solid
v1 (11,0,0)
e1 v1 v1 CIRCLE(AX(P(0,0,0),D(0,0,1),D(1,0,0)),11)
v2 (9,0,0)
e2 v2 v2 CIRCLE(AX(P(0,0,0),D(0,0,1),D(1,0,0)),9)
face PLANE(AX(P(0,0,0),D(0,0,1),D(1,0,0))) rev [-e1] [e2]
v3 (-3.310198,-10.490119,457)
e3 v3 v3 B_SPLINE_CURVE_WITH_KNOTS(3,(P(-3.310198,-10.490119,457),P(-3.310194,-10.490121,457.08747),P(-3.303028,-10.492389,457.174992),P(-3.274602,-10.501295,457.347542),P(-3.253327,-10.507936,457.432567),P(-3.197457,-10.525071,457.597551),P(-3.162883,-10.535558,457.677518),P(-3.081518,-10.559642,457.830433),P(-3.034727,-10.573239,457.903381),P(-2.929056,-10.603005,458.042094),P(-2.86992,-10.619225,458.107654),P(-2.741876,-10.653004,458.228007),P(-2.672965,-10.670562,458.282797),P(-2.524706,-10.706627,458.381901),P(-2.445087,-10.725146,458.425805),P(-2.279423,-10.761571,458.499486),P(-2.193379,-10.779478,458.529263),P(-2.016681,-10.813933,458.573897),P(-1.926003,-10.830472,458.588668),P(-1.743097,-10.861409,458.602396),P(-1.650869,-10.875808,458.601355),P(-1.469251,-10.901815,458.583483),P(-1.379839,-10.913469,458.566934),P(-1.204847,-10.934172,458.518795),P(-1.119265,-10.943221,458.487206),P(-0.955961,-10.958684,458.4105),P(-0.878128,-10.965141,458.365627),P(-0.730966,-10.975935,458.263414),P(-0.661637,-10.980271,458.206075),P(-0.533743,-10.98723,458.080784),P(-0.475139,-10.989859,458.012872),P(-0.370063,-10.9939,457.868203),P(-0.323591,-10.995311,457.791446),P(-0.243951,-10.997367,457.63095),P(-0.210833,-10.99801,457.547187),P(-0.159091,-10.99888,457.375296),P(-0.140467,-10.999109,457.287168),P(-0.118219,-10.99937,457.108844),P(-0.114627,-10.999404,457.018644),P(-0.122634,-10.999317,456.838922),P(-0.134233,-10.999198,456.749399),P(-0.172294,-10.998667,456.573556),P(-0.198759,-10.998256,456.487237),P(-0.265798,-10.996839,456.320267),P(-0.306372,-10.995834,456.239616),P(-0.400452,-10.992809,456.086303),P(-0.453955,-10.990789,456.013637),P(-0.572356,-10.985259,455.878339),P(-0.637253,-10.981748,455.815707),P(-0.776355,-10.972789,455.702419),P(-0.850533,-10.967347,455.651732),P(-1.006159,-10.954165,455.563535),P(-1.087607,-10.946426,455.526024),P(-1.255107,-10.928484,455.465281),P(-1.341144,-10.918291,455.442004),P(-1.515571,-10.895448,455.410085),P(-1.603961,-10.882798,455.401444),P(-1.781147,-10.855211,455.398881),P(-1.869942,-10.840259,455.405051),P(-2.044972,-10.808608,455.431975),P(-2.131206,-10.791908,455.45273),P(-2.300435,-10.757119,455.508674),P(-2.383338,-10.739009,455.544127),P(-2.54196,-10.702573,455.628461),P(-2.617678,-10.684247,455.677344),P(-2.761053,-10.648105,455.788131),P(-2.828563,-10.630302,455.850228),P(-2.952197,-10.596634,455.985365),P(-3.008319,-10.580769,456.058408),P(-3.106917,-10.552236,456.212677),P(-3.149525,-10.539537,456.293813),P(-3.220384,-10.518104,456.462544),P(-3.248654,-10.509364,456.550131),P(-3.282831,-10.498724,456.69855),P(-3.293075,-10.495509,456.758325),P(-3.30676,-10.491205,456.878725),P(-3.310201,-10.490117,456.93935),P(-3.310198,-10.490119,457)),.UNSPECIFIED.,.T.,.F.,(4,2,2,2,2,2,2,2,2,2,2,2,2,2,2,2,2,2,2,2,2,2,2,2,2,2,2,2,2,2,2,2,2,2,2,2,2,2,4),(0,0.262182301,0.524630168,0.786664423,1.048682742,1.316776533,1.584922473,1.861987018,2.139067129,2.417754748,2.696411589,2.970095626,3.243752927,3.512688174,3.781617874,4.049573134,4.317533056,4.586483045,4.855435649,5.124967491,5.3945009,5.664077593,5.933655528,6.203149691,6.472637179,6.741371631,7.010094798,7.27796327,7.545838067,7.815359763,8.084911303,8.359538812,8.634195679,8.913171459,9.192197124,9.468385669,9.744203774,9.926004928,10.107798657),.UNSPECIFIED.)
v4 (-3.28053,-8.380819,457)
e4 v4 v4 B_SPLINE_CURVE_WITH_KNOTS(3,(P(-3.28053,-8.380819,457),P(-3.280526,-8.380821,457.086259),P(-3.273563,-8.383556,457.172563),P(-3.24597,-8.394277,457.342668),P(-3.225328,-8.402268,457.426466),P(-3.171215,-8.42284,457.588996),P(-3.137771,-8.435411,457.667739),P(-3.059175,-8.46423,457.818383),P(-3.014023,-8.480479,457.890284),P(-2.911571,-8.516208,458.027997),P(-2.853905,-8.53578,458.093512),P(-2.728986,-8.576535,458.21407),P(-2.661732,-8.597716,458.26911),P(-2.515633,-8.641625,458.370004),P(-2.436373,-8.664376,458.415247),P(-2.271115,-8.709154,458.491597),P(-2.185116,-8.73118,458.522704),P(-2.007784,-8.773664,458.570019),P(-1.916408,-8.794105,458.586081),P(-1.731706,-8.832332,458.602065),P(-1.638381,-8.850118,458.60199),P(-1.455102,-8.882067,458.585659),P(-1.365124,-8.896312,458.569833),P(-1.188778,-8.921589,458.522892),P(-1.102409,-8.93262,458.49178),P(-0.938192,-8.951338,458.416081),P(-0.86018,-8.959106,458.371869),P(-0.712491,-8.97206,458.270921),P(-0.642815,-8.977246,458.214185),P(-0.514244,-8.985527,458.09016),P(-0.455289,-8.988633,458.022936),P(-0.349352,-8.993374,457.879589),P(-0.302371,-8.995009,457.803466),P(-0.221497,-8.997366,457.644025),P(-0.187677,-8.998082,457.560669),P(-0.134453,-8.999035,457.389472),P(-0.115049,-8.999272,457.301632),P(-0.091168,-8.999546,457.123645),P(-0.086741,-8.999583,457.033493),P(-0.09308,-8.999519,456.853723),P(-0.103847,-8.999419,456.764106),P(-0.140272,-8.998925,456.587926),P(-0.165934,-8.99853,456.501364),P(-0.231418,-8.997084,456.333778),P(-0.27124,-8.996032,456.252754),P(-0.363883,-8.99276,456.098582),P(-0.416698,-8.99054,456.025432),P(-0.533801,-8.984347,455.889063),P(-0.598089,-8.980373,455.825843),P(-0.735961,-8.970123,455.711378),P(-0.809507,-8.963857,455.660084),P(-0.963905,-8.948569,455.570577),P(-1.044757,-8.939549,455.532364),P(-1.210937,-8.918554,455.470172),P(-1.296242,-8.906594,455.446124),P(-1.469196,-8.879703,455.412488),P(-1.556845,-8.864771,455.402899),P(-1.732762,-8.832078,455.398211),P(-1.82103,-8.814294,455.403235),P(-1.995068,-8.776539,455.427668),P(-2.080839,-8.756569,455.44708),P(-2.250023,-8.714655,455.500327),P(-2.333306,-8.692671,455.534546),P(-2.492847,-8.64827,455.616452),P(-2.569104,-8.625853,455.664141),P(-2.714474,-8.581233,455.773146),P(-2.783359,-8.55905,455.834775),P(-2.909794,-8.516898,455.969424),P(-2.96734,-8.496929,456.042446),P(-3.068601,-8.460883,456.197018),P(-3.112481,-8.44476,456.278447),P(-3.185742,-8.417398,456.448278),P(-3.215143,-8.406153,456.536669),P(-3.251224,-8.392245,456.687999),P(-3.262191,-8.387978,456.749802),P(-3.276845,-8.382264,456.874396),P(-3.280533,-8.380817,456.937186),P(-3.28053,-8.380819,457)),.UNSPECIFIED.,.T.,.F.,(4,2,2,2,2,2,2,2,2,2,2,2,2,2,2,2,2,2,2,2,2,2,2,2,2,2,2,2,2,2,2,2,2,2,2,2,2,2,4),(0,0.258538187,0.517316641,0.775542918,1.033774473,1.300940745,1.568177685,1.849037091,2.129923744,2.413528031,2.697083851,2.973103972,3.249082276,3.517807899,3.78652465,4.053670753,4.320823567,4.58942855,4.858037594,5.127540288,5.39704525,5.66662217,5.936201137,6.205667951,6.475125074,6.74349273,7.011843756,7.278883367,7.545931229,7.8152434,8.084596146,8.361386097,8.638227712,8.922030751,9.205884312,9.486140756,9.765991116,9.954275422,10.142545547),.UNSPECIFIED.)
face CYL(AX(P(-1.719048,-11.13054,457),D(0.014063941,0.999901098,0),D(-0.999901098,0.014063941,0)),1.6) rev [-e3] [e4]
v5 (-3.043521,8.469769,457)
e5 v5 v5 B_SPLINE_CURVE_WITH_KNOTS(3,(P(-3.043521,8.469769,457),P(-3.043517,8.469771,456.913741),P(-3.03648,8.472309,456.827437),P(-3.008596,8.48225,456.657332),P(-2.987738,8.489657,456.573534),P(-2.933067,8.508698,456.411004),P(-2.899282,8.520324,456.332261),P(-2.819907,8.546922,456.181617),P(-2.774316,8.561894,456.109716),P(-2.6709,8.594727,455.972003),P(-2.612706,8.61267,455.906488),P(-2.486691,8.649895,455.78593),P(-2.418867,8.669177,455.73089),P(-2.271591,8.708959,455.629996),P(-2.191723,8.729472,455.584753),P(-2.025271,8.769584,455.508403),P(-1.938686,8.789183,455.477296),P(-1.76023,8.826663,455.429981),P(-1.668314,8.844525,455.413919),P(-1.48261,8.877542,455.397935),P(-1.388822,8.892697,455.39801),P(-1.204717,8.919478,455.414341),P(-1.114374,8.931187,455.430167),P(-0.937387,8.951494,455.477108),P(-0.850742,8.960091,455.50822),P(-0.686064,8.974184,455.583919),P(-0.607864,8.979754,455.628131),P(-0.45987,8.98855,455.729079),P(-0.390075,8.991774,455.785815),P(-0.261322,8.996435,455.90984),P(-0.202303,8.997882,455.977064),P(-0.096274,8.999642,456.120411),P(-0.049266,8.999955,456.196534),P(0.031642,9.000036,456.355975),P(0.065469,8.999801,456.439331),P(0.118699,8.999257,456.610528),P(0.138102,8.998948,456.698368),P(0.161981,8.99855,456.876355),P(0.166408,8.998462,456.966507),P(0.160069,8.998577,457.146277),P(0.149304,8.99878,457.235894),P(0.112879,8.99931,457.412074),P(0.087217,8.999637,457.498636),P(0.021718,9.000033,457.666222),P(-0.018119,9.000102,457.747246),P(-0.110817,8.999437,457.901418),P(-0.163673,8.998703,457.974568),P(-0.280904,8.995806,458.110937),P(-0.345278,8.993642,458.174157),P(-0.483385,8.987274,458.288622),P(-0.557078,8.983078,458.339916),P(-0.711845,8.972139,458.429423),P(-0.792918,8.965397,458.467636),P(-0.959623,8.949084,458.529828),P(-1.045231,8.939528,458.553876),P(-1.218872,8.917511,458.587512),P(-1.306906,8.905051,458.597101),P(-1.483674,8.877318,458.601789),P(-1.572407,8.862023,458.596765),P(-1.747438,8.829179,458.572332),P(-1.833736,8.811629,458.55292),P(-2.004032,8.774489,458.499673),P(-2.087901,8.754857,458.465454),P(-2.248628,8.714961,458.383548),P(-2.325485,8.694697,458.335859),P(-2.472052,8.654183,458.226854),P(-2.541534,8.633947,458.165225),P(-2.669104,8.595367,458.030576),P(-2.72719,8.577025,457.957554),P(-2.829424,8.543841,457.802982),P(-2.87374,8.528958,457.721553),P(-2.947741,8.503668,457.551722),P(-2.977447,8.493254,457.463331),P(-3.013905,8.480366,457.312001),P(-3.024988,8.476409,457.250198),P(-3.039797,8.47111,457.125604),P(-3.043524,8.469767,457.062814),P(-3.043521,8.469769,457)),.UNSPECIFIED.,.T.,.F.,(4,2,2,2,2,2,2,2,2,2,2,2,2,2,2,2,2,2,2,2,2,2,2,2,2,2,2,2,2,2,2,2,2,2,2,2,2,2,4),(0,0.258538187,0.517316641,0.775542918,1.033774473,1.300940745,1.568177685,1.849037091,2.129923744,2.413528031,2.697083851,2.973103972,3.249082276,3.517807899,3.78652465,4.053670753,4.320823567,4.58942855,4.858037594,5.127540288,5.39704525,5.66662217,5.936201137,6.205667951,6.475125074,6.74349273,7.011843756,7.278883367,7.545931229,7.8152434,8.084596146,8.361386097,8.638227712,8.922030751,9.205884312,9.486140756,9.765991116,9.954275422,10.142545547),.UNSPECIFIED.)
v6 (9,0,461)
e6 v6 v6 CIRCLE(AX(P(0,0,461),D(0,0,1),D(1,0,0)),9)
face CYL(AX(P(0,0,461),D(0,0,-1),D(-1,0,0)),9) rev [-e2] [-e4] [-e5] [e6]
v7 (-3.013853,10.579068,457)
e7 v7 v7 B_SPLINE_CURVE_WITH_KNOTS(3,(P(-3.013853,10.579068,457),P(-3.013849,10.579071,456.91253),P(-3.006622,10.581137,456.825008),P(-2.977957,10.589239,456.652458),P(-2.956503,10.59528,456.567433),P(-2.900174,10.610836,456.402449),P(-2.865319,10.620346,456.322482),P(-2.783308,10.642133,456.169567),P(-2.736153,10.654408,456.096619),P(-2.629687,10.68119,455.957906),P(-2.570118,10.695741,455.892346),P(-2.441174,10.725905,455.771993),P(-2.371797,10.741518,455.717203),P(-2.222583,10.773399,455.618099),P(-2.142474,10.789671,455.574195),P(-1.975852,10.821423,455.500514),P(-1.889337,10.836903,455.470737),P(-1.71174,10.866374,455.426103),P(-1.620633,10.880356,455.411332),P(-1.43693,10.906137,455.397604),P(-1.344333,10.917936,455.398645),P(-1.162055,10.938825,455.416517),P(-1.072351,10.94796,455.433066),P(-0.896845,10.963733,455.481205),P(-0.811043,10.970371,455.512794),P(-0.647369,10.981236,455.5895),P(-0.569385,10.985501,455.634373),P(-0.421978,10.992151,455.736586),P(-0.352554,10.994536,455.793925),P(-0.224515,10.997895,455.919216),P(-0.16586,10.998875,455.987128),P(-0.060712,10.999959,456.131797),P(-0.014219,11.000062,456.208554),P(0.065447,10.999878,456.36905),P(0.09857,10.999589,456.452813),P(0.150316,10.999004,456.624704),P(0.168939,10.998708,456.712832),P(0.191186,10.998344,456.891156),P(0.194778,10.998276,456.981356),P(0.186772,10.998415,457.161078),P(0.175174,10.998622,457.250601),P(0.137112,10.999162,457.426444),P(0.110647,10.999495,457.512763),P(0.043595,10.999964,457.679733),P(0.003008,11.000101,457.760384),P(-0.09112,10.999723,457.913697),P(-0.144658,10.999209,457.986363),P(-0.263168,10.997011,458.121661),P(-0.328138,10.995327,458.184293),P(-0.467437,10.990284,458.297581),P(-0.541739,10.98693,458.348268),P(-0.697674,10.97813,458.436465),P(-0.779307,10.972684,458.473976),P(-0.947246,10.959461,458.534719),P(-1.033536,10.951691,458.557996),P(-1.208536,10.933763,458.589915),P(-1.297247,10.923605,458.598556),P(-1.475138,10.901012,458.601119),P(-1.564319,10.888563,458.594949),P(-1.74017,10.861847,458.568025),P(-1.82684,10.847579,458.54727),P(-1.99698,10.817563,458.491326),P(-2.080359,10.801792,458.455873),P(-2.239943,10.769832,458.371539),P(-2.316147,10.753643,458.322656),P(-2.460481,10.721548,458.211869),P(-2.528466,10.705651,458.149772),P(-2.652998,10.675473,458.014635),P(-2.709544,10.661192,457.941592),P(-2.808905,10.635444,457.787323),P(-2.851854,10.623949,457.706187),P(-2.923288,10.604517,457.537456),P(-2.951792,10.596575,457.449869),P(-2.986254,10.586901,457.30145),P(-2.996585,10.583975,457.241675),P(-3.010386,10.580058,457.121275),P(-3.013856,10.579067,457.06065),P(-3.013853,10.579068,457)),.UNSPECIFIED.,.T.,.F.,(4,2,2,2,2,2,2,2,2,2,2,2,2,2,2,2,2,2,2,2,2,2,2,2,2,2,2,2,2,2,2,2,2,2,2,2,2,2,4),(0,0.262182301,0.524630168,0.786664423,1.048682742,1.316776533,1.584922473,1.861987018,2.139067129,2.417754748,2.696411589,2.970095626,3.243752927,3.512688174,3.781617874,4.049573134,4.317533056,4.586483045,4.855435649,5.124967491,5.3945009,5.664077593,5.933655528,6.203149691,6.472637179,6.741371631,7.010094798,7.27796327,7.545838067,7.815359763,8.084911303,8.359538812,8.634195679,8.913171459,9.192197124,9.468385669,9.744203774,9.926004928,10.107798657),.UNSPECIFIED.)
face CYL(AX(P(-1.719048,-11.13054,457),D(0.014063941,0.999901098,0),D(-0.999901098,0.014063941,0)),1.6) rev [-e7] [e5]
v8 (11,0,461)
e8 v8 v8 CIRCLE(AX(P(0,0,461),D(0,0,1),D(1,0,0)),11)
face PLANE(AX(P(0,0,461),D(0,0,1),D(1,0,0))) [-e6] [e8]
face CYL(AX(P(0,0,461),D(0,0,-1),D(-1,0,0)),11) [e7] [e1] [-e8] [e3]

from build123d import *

# Parameters (mm, degrees)
SKETCH_1_R          = 11
SKETCH_1_R_2        = 9
EXTRUDE_1_DEPTH     = 461
SKETCH_2_R          = 1.6
CUT_EXTRUDE_1_DEPTH = 23.153615424


with BuildPart() as part:
    # 草图1 → 凸台-拉伸1 (new body)
    with BuildSketch(Plane.XY):
        Circle(SKETCH_1_R)
        Circle(SKETCH_1_R_2, mode=Mode.SUBTRACT)
    extrude(amount=EXTRUDE_1_DEPTH)

    # 草图2 → 切除-拉伸1 (cut, through all)
    with BuildSketch(Plane(origin=(0.154703347, 10.998912077, 0), x_dir=(0, 0, 1), z_dir=(0.014063941, 0.999901098, 0))):
        with Locations((457, -1.562338424)):
            Circle(SKETCH_2_R)
    extrude(amount=-CUT_EXTRUDE_1_DEPTH, mode=Mode.SUBTRACT)


solid = part.part
